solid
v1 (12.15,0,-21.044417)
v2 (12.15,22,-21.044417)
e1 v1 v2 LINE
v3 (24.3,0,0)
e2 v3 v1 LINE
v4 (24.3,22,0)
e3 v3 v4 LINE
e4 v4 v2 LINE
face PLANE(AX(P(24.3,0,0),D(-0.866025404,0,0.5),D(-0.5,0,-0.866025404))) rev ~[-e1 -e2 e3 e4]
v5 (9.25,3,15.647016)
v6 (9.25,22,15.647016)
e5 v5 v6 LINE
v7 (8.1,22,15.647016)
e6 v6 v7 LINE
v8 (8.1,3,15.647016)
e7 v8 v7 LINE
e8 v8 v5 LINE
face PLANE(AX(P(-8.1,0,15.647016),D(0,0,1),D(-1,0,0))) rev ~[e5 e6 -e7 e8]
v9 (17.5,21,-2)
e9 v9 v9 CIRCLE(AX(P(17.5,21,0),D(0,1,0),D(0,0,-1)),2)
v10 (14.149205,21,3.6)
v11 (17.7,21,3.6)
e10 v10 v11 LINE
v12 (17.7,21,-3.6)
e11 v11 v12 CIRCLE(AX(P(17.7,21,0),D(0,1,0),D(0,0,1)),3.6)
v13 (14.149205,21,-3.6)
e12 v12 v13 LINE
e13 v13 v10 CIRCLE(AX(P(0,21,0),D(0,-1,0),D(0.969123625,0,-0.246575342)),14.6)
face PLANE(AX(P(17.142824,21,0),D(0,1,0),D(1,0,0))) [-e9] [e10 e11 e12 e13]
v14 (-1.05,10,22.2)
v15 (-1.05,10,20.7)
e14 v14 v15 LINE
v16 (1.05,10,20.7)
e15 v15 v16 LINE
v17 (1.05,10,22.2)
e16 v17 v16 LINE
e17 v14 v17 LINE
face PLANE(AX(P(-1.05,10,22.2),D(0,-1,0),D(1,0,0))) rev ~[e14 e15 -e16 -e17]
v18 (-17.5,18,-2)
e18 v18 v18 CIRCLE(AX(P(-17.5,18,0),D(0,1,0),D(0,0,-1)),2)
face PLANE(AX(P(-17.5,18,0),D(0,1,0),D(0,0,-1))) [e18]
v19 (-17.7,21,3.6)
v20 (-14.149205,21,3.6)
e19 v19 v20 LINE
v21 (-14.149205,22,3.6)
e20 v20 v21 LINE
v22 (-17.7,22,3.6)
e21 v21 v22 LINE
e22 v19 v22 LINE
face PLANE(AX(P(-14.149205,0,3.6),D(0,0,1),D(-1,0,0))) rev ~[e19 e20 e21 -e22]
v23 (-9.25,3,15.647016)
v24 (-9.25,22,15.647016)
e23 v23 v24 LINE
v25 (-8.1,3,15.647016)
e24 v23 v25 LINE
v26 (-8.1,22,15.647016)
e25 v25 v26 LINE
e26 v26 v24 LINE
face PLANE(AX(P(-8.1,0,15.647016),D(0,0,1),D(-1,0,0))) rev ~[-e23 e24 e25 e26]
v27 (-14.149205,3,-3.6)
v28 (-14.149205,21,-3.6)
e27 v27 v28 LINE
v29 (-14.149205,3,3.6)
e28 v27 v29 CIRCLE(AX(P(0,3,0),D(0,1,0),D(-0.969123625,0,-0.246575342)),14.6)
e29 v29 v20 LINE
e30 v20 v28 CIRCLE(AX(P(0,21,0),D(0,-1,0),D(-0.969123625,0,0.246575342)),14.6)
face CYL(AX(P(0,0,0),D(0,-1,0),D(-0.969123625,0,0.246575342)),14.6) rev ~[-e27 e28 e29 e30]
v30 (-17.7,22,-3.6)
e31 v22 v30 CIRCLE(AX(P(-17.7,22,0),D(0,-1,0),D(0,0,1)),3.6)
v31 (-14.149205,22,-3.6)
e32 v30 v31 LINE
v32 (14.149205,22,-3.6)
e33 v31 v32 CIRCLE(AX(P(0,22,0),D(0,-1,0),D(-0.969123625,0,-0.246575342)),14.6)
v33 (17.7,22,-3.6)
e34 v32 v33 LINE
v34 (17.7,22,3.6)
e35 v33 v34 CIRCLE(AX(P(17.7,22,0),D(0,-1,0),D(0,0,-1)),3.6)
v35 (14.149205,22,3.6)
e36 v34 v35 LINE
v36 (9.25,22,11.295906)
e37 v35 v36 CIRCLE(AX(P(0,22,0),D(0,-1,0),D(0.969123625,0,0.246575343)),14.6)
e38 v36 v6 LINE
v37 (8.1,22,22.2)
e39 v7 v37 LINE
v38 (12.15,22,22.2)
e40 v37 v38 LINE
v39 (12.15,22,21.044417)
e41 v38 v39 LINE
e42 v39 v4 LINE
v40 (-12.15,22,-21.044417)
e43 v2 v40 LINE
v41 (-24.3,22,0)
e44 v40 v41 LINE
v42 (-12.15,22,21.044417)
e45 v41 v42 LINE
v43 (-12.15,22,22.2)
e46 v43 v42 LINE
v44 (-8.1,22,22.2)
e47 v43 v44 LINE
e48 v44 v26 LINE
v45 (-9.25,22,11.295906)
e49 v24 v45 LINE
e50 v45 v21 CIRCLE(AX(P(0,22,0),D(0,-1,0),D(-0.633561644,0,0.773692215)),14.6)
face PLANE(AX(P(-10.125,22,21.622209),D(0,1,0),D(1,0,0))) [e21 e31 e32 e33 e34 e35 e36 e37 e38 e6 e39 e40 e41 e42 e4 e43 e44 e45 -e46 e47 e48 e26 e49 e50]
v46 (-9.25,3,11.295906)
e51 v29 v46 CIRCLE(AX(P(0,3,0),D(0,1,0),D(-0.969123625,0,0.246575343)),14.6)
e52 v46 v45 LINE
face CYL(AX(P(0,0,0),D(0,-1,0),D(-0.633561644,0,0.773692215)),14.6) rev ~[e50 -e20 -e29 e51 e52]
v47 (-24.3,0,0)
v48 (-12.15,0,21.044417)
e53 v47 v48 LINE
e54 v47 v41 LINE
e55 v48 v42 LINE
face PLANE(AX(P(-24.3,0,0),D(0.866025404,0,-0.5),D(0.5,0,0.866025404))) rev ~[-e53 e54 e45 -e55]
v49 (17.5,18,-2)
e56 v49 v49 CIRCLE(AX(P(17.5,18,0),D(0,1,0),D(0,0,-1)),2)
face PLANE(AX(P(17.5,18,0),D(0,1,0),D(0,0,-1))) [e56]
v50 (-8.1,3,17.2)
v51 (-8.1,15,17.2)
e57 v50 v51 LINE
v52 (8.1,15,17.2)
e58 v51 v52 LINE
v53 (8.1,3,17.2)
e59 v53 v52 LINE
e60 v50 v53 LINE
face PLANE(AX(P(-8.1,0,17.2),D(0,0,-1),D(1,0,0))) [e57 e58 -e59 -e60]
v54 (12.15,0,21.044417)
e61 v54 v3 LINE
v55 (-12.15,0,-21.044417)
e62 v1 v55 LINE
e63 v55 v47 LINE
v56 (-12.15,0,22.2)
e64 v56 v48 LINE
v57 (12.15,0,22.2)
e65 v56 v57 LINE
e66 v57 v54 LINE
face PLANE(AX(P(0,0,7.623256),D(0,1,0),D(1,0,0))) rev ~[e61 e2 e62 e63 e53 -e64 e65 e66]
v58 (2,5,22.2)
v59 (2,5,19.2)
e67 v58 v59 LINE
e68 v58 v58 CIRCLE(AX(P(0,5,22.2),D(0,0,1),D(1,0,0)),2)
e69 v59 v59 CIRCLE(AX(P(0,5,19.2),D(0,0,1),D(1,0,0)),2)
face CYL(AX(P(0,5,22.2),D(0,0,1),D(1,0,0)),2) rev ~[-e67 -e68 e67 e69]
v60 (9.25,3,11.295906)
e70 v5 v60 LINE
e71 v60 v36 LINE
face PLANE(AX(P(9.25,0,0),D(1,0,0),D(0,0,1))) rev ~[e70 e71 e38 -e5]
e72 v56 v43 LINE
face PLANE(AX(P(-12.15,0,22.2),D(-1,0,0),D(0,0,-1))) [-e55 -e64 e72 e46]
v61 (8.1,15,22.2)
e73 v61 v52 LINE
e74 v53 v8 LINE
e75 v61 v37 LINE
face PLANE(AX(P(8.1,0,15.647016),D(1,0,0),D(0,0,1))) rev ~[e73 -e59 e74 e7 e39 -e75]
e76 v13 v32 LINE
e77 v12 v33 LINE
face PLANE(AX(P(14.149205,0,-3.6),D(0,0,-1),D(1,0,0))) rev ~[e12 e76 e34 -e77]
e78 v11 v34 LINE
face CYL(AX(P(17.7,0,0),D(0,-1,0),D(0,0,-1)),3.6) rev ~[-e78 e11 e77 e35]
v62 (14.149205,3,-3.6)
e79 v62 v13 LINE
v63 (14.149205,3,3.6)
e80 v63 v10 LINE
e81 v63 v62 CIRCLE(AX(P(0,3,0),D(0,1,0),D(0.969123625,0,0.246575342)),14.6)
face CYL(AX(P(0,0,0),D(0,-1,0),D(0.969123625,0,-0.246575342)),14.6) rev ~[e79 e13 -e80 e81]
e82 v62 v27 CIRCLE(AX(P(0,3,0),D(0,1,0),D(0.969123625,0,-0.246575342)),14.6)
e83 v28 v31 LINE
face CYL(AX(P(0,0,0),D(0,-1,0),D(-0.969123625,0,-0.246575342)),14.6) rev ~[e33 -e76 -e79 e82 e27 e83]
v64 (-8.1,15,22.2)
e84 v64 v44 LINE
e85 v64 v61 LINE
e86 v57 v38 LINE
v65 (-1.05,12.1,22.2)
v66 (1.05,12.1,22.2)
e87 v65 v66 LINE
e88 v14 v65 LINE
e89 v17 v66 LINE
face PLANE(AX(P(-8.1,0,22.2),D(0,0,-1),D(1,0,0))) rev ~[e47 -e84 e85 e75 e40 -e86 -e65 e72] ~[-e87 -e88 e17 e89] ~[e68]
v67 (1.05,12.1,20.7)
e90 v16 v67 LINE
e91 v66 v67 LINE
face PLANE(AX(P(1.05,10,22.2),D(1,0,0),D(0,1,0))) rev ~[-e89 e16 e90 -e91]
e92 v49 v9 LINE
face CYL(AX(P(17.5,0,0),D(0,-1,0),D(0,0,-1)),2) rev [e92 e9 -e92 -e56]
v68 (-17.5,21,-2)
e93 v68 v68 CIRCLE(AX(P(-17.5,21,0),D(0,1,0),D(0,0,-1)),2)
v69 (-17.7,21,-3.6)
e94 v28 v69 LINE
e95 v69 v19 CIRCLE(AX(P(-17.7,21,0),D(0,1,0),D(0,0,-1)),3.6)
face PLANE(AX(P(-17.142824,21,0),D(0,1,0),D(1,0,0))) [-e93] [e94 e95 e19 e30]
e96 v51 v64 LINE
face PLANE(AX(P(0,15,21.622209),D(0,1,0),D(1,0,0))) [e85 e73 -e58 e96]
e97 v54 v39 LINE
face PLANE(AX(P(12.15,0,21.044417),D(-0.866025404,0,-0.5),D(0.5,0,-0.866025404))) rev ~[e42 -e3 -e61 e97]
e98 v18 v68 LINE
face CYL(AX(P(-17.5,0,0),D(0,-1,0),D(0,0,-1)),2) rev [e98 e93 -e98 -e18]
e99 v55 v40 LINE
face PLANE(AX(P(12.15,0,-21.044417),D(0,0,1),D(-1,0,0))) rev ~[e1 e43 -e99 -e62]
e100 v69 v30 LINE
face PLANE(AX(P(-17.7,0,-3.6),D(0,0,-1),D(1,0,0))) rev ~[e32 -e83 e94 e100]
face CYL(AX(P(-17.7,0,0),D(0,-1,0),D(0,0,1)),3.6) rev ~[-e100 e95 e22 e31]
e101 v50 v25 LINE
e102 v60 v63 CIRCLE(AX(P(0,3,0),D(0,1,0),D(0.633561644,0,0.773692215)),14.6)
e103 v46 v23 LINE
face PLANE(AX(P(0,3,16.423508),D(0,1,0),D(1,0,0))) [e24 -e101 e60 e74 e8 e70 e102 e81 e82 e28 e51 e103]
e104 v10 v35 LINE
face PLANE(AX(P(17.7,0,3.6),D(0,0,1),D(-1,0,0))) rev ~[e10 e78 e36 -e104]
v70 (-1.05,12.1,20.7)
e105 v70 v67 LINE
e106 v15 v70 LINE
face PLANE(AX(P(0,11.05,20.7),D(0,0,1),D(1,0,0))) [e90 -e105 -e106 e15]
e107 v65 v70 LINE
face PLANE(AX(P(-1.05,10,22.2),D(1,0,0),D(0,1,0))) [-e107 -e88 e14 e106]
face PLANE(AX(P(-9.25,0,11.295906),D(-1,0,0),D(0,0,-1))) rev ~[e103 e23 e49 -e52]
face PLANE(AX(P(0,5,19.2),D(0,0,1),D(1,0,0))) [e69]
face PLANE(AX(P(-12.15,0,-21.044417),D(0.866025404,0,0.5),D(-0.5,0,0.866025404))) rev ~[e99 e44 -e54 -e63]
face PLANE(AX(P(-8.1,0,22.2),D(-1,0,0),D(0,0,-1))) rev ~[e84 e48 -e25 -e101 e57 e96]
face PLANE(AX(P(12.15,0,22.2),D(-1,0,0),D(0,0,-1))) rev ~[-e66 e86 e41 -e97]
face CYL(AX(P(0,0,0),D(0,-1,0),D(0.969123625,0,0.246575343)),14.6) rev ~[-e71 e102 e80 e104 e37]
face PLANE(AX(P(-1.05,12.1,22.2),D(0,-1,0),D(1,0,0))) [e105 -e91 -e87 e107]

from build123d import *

# Parameters (mm, degrees)
BOSS_EXTRUDE12_DEPTH = 22
SKETCH1_14_R         = 2
BOSS_EXTRUDE13_DEPTH = 21
BOSS_EXTRUDE14_DEPTH = 3
SKETCH1_16_W         = 16.2
SKETCH1_16_H         = 1.552983906
BOSS_EXTRUDE15_DEPTH = 3
SKETCH1_17_W         = 16.2
SKETCH1_17_H         = 3.844417312
BOSS_EXTRUDE16_DEPTH = 15
SKETCH1_18_R         = 2
BOSS_EXTRUDE17_DEPTH = 18
SKETCH1_19_W         = 4.05
SKETCH1_19_H         = 1.155582688
BOSS_EXTRUDE18_DEPTH = 22
SKETCH1_20_W         = 16.2
SKETCH1_20_H         = 1.155582688
BOSS_EXTRUDE19_DEPTH = 15
SKETCH10_R           = 2
CUT_EXTRUDE6_DEPTH   = 3
SKETCH10_10_W        = 2.1
SKETCH10_10_H        = 2.1
CUT_EXTRUDE7_DEPTH   = 1.5
SKETCH1_21_W         = 18.5
SKETCH1_21_H         = 15.647016094
BOSS_EXTRUDE20_DEPTH = 3


with BuildPart() as part:
    # Sketch1 → Boss-Extrude12 (new body)
    with BuildSketch(Plane(origin=(0, 0, 0), x_dir=(1, 0, 0), z_dir=(0, 1, 0))):
        with BuildLine():
            ThreePointArc((-17.7, -3.6), (-21.3, 0), (-17.7, 3.6))
            Line((-17.7, 3.6), (-14.149204925, 3.6))
            ThreePointArc((-14.149204925, 3.6), (0, 14.6), (14.149204925, 3.6))
            Line((14.149204925, 3.6), (17.7, 3.6))
            ThreePointArc((17.7, 3.6), (21.3, 0), (17.7, -3.6))
            Line((17.7, -3.6), (14.149204925, -3.6))
            ThreePointArc((14.149204925, -3.6), (12.316145556, -7.840443778), (9.25, -11.295906338))
            Line((9.25, -11.295906338), (9.25, -15.647016094))
            Line((9.25, -15.647016094), (8.1, -15.647016094))
            Line((8.1, -15.647016094), (8.1, -17.2))
            Line((8.1, -17.2), (8.1, -21.044417312))
            Line((8.1, -21.044417312), (12.15, -21.044417312))
            Line((12.15, -21.044417312), (24.3, 0))
            Line((24.3, 0), (12.15, 21.044417312))
            Line((12.15, 21.044417312), (-12.15, 21.044417312))
            Line((-12.15, 21.044417312), (-24.3, 0))
            Line((-24.3, 0), (-12.15, -21.044417312))
            Line((-12.15, -21.044417312), (-8.1, -21.044417312))
            Line((-8.1, -21.044417312), (-8.1, -17.2))
            Line((-8.1, -17.2), (-8.1, -15.647016094))
            Line((-8.1, -15.647016094), (-9.25, -15.647016094))
            Line((-9.25, -15.647016094), (-9.25, -11.295906338))
            ThreePointArc((-9.25, -11.295906338), (-12.316145556, -7.840443778), (-14.149204925, -3.6))
            Line((-14.149204925, -3.6), (-17.7, -3.6))
        make_face()
    extrude(amount=BOSS_EXTRUDE12_DEPTH)

    # Sketch1<14> → Boss-Extrude13 (add)
    # profile 1 of 2: a face of its own
    with BuildSketch(Plane(origin=(0, 0, 0), x_dir=(1, 0, 0), z_dir=(0, 1, 0))):
        with BuildLine():
            Line((-14.149204925, 3.6), (-17.7, 3.6))
            ThreePointArc((-17.7, 3.6), (-21.3, 0), (-17.7, -3.6))
            Line((-17.7, -3.6), (-14.149204925, -3.6))
            ThreePointArc((-14.149204925, -3.6), (-14.6, 0), (-14.149204925, 3.6))
        make_face()
        with Locations((-17.5, 0)):
            Circle(SKETCH1_14_R, mode=Mode.SUBTRACT)
    # profile 2 of 2: a face of its own
    with BuildSketch(Plane(origin=(0, 0, 0), x_dir=(1, 0, 0), z_dir=(0, 1, 0))):
        with BuildLine():
            Line((17.7, 3.6), (14.149204925, 3.6))
            ThreePointArc((14.149204925, 3.6), (14.6, 0), (14.149204925, -3.6))
            Line((14.149204925, -3.6), (17.7, -3.6))
            ThreePointArc((17.7, -3.6), (21.3, 0), (17.7, 3.6))
        make_face()
        with Locations((17.5, 0)):
            Circle(SKETCH1_14_R, mode=Mode.SUBTRACT)
    extrude(amount=BOSS_EXTRUDE13_DEPTH)

    # Sketch1<15> → Boss-Extrude14 (add)
    with BuildSketch(Plane(origin=(0, 0, 0), x_dir=(1, 0, 0), z_dir=(0, 1, 0))):
        with BuildLine():
            ThreePointArc((14.149204925, 3.6), (0, 14.6), (-14.149204925, 3.6))
            ThreePointArc((-14.149204925, 3.6), (-14.6, 0), (-14.149204925, -3.6))
            ThreePointArc((-14.149204925, -3.6), (-12.316145556, -7.840443778), (-9.25, -11.295906338))
            Line((-9.25, -11.295906338), (-9.25, 0))
            Line((-9.25, 0), (9.25, 0))
            Line((9.25, 0), (9.25, -11.295906338))
            ThreePointArc((9.25, -11.295906338), (12.316145556, -7.840443778), (14.149204925, -3.6))
            ThreePointArc((14.149204925, -3.6), (14.6, 0), (14.149204925, 3.6))
        make_face()
    extrude(amount=BOSS_EXTRUDE14_DEPTH)

    # Sketch1<16> → Boss-Extrude15 (add)
    with BuildSketch(Plane(origin=(0, 0, 0), x_dir=(1, 0, 0), z_dir=(0, 1, 0))):
        with Locations((0, -16.423508047)):
            Rectangle(SKETCH1_16_W, SKETCH1_16_H)
    extrude(amount=BOSS_EXTRUDE15_DEPTH)

    # Sketch1<17> → Boss-Extrude16 (add)
    with BuildSketch(Plane(origin=(0, 0, 0), x_dir=(1, 0, 0), z_dir=(0, 1, 0))):
        with Locations((0, -19.122208656)):
            Rectangle(SKETCH1_17_W, SKETCH1_17_H)
    extrude(amount=BOSS_EXTRUDE16_DEPTH)

    # Sketch1<18> → Boss-Extrude17 (add)
    with BuildSketch(Plane(origin=(0, 0, 0), x_dir=(1, 0, 0), z_dir=(0, 1, 0))):
        with Locations((17.5, 0)):
            Circle(SKETCH1_18_R)
        with Locations((-17.5, 0)):
            Circle(SKETCH1_18_R)
    extrude(amount=BOSS_EXTRUDE17_DEPTH)

    # Sketch1<19> → Boss-Extrude18 (add)
    with BuildSketch(Plane(origin=(0, 0, 0), x_dir=(1, 0, 0), z_dir=(0, 1, 0))):
        with Locations((-10.125, -21.622208656)):
            Rectangle(SKETCH1_19_W, SKETCH1_19_H)
        with Locations((10.125, -21.622208656)):
            Rectangle(SKETCH1_19_W, SKETCH1_19_H)
    extrude(amount=BOSS_EXTRUDE18_DEPTH)

    # Sketch1<20> → Boss-Extrude19 (add)
    with BuildSketch(Plane(origin=(0, 0, 0), x_dir=(1, 0, 0), z_dir=(0, 1, 0))):
        with Locations((0, -21.622208656)):
            Rectangle(SKETCH1_20_W, SKETCH1_20_H)
    extrude(amount=BOSS_EXTRUDE19_DEPTH)

    # Sketch10 → Cut-Extrude6 (cut)
    with BuildSketch(Plane.XY.offset(22.2)):
        with Locations((0, 5)):
            Circle(SKETCH10_R)
    extrude(amount=-CUT_EXTRUDE6_DEPTH, mode=Mode.SUBTRACT)

    # Sketch10<10> → Cut-Extrude7 (cut)
    with BuildSketch(Plane.XY.offset(22.2)):
        with Locations((0, 11.05)):
            Rectangle(SKETCH10_10_W, SKETCH10_10_H)
    extrude(amount=-CUT_EXTRUDE7_DEPTH, mode=Mode.SUBTRACT)

    # Sketch1<21> → Boss-Extrude20 (add)
    with BuildSketch(Plane(origin=(0, 0, 0), x_dir=(1, 0, 0), z_dir=(0, 1, 0))):
        with Locations((0, -7.823508047)):
            Rectangle(SKETCH1_21_W, SKETCH1_21_H)
    extrude(amount=BOSS_EXTRUDE20_DEPTH)


solid = part.part
